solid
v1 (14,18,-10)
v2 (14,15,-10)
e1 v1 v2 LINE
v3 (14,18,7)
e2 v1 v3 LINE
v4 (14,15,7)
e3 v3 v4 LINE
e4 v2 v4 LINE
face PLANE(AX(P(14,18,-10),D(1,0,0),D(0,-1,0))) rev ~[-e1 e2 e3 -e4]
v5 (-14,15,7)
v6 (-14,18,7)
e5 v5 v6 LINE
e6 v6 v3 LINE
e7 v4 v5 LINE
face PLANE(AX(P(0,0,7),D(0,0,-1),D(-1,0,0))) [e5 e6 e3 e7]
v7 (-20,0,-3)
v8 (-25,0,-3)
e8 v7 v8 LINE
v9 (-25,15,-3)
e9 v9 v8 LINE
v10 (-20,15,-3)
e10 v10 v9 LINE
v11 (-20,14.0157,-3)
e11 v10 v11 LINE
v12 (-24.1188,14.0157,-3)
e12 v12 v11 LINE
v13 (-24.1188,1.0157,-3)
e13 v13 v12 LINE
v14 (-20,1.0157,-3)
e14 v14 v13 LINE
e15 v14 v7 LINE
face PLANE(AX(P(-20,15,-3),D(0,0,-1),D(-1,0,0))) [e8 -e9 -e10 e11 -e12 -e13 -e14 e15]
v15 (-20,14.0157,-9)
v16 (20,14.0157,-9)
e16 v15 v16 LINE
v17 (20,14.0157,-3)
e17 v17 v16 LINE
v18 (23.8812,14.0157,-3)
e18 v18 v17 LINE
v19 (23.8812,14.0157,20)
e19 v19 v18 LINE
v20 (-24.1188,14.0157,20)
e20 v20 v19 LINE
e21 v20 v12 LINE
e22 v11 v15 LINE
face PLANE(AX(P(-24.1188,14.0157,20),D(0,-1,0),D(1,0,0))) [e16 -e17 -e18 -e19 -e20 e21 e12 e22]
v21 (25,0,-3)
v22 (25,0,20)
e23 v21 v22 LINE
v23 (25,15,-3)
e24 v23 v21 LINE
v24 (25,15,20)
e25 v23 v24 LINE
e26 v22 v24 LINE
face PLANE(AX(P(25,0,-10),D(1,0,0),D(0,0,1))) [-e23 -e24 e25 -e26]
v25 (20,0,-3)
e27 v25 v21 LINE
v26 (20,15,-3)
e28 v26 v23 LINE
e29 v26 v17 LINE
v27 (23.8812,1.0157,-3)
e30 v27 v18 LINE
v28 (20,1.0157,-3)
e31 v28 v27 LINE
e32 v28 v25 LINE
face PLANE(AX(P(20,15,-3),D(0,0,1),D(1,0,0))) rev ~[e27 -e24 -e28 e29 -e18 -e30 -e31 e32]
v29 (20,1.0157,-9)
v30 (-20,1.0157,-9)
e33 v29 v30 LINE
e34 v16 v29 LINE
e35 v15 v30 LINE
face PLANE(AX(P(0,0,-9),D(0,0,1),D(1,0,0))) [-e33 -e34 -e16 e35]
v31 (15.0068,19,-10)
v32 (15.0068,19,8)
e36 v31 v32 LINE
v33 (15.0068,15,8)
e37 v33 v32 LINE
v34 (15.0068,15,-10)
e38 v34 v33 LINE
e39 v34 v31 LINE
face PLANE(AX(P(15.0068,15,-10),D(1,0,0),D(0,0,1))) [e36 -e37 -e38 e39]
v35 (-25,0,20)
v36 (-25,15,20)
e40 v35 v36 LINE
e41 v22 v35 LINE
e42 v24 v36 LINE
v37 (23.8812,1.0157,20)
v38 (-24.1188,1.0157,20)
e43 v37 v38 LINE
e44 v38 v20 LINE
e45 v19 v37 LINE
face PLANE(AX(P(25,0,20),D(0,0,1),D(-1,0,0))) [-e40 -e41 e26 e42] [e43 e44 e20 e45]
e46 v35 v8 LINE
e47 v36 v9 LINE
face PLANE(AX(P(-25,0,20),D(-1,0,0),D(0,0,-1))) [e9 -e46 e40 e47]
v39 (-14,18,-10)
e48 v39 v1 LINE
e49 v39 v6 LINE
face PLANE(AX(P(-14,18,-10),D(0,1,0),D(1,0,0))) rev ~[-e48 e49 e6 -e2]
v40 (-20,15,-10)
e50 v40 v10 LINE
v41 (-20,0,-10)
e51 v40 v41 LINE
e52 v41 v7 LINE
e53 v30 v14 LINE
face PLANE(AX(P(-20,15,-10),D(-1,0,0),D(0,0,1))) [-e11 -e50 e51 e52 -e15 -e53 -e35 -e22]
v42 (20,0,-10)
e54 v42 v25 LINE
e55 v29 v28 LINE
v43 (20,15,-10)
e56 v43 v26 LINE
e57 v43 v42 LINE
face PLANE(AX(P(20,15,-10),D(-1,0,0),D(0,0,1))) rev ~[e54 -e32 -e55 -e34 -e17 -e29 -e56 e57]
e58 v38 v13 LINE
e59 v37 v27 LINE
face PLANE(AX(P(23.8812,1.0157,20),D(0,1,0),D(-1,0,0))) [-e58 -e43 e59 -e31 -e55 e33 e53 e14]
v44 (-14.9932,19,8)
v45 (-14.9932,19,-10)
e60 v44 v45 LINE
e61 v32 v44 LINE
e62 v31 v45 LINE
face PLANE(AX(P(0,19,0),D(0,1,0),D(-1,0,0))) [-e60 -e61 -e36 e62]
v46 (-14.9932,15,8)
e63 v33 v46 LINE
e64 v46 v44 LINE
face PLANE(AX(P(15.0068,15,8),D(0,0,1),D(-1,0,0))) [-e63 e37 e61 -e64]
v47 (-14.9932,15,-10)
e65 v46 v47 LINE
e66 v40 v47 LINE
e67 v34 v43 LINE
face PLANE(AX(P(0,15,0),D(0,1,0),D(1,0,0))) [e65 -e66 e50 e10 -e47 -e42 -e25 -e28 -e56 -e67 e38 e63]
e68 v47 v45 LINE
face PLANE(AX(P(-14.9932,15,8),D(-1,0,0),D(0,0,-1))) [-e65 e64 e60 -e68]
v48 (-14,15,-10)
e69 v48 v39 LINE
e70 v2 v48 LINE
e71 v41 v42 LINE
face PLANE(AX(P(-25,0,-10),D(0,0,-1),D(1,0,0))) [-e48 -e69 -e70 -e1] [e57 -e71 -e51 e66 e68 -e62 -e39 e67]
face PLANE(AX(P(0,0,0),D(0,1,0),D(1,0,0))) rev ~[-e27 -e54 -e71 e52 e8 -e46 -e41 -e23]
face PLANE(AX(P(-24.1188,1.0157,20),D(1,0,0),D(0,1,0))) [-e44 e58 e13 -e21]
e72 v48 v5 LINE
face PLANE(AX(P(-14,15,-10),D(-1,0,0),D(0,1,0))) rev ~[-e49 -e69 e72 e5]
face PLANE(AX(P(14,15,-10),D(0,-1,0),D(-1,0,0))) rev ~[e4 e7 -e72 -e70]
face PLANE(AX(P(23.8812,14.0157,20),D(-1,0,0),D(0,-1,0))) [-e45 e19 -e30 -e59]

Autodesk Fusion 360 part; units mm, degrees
sketch "スケッチ1" plane through (0, 0, 0) normal (0, 1, 0) x (1, 0, 0)
  line L0 (-25, 10) -> (25, 10)
  line L1 (25, 10) -> (25, -20)
  line L2 (25, -20) -> (-25, -20)
  line L3 (-25, -20) -> (-25, 10)
  dimension "d1" = 50
extrude "押し出し1" add sketch "スケッチ1" along normal blind 15
sketch "スケッチ2" plane through (0, 0, 20) normal (0, 0, 1) x (1, 0, 0)
  line L0 (-25, 0) -> (25, 0)
  line L1 (25, 0) -> (25, 15)
  line L2 (25, 15) -> (-25, 15)
  line L3 (-25, 15) -> (-25, 0)
  line L4 (-24.1188, 14.0157) -> (23.8812, 14.0157)
  line L5 (23.8812, 14.0157) -> (23.8812, 1.0157)
  line L6 (23.8812, 1.0157) -> (-24.1188, 1.0157)
  line L7 (-24.1188, 1.0157) -> (-24.1188, 14.0157)
  dimension "d4" = 48
  dimension "d5" = 13
extrude "押し出し2" cut sketch "スケッチ2" against normal blind 29 contours L4 L5 L6 L7
sketch "スケッチ3" plane through (0, 15, 0) normal (0, 1, 0) x (-1, 0, 0)
  line L0 (25, 20) -> (-25, 20)
  line L1 (-25, 20) -> (-25, -10)
  line L2 (-25, -10) -> (25, -10)
  line L3 (25, -10) -> (25, 20)
  line L4 (25, -10) -> (20, -10)
  line L5 (20, -10) -> (20, -3)
  line L6 (20, -3) -> (25, -3)
  line L7 (25, -3) -> (25, -10)
  dimension "d8" = 5
  dimension "d9" = 7
extrude "押し出し3" cut sketch "スケッチ3" against normal blind 25 contours L2 L3 L4 L5 L6 L7
sketch "スケッチ4" plane through (0, 15, 0) normal (0, 1, 0) x (-1, 0, 0)
  line L0 (20, -10) -> (20, -3)
  line L1 (20, -3) -> (25, -3)
  line L2 (25, -3) -> (25, 20)
  line L3 (25, 20) -> (-25, 20)
  line L4 (-25, 20) -> (-25, -10)
  line L5 (-25, -10) -> (20, -10)
  line L6 (-25, -10) -> (-20, -10)
  line L7 (-20, -10) -> (-20, -3)
  line L8 (-20, -3) -> (-25, -3)
  line L9 (-25, -3) -> (-25, -10)
  dimension "d12" = 7
  dimension "d13" = 5
extrude "押し出し4" cut sketch "スケッチ4" against normal blind 65 contours L4 L5 L6 L7 L8 L9
sketch "スケッチ5" plane through (0, 15, 0) normal (0, 1, 0) x (-1, 0, 0)
  line L0 (-25, -3) -> (-20, -3)
  line L1 (-20, -3) -> (-20, -10)
  line L2 (-20, -10) -> (20, -10)
  line L3 (20, -10) -> (20, -3)
  line L4 (20, -3) -> (25, -3)
  line L5 (25, -3) -> (25, 20)
  line L6 (25, 20) -> (-25, 20)
  line L7 (-25, 20) -> (-25, -3)
  line L8 (14.9932, -10) -> (-15.0068, -10)
  line L9 (-15.0068, -10) -> (-15.0068, 8)
  line L10 (-15.0068, 8) -> (14.9932, 8)
  line L11 (14.9932, 8) -> (14.9932, -10)
  dimension "d16" = 30
  dimension "d17" = 18
extrude "押し出し5" add sketch "スケッチ5" along normal blind 4 contours L2 L8 L9 L10 L11
sketch "スケッチ6" plane through (0, 0, -10) normal (0, 0, -1) x (-1, 0, 0)
  line L0 (-20, 15) -> (-20, 0)
  line L1 (-20, 0) -> (20, 0)
  line L2 (20, 0) -> (20, 15)
  line L3 (20, 15) -> (14.9932, 15)
  line L4 (14.9932, 15) -> (14.9932, 19)
  line L5 (14.9932, 19) -> (-15.0068, 19)
  line L6 (-15.0068, 19) -> (-15.0068, 15)
  line L7 (-15.0068, 15) -> (-20, 15)
  line L8 (14, 18) -> (-14, 18)
  line L9 (-14, 18) -> (-14, 15)
  line L10 (-14, 15) -> (14, 15)
  line L11 (14, 15) -> (14, 18)
  line L12 (-15.0068, 15) -> (14.9932, 15)
  line L13 (25, 15) -> (-25, 15)
extrude "押し出し6" cut sketch "スケッチ6" against normal blind 17 contours L8 L9 L10 L11 L12 L13
